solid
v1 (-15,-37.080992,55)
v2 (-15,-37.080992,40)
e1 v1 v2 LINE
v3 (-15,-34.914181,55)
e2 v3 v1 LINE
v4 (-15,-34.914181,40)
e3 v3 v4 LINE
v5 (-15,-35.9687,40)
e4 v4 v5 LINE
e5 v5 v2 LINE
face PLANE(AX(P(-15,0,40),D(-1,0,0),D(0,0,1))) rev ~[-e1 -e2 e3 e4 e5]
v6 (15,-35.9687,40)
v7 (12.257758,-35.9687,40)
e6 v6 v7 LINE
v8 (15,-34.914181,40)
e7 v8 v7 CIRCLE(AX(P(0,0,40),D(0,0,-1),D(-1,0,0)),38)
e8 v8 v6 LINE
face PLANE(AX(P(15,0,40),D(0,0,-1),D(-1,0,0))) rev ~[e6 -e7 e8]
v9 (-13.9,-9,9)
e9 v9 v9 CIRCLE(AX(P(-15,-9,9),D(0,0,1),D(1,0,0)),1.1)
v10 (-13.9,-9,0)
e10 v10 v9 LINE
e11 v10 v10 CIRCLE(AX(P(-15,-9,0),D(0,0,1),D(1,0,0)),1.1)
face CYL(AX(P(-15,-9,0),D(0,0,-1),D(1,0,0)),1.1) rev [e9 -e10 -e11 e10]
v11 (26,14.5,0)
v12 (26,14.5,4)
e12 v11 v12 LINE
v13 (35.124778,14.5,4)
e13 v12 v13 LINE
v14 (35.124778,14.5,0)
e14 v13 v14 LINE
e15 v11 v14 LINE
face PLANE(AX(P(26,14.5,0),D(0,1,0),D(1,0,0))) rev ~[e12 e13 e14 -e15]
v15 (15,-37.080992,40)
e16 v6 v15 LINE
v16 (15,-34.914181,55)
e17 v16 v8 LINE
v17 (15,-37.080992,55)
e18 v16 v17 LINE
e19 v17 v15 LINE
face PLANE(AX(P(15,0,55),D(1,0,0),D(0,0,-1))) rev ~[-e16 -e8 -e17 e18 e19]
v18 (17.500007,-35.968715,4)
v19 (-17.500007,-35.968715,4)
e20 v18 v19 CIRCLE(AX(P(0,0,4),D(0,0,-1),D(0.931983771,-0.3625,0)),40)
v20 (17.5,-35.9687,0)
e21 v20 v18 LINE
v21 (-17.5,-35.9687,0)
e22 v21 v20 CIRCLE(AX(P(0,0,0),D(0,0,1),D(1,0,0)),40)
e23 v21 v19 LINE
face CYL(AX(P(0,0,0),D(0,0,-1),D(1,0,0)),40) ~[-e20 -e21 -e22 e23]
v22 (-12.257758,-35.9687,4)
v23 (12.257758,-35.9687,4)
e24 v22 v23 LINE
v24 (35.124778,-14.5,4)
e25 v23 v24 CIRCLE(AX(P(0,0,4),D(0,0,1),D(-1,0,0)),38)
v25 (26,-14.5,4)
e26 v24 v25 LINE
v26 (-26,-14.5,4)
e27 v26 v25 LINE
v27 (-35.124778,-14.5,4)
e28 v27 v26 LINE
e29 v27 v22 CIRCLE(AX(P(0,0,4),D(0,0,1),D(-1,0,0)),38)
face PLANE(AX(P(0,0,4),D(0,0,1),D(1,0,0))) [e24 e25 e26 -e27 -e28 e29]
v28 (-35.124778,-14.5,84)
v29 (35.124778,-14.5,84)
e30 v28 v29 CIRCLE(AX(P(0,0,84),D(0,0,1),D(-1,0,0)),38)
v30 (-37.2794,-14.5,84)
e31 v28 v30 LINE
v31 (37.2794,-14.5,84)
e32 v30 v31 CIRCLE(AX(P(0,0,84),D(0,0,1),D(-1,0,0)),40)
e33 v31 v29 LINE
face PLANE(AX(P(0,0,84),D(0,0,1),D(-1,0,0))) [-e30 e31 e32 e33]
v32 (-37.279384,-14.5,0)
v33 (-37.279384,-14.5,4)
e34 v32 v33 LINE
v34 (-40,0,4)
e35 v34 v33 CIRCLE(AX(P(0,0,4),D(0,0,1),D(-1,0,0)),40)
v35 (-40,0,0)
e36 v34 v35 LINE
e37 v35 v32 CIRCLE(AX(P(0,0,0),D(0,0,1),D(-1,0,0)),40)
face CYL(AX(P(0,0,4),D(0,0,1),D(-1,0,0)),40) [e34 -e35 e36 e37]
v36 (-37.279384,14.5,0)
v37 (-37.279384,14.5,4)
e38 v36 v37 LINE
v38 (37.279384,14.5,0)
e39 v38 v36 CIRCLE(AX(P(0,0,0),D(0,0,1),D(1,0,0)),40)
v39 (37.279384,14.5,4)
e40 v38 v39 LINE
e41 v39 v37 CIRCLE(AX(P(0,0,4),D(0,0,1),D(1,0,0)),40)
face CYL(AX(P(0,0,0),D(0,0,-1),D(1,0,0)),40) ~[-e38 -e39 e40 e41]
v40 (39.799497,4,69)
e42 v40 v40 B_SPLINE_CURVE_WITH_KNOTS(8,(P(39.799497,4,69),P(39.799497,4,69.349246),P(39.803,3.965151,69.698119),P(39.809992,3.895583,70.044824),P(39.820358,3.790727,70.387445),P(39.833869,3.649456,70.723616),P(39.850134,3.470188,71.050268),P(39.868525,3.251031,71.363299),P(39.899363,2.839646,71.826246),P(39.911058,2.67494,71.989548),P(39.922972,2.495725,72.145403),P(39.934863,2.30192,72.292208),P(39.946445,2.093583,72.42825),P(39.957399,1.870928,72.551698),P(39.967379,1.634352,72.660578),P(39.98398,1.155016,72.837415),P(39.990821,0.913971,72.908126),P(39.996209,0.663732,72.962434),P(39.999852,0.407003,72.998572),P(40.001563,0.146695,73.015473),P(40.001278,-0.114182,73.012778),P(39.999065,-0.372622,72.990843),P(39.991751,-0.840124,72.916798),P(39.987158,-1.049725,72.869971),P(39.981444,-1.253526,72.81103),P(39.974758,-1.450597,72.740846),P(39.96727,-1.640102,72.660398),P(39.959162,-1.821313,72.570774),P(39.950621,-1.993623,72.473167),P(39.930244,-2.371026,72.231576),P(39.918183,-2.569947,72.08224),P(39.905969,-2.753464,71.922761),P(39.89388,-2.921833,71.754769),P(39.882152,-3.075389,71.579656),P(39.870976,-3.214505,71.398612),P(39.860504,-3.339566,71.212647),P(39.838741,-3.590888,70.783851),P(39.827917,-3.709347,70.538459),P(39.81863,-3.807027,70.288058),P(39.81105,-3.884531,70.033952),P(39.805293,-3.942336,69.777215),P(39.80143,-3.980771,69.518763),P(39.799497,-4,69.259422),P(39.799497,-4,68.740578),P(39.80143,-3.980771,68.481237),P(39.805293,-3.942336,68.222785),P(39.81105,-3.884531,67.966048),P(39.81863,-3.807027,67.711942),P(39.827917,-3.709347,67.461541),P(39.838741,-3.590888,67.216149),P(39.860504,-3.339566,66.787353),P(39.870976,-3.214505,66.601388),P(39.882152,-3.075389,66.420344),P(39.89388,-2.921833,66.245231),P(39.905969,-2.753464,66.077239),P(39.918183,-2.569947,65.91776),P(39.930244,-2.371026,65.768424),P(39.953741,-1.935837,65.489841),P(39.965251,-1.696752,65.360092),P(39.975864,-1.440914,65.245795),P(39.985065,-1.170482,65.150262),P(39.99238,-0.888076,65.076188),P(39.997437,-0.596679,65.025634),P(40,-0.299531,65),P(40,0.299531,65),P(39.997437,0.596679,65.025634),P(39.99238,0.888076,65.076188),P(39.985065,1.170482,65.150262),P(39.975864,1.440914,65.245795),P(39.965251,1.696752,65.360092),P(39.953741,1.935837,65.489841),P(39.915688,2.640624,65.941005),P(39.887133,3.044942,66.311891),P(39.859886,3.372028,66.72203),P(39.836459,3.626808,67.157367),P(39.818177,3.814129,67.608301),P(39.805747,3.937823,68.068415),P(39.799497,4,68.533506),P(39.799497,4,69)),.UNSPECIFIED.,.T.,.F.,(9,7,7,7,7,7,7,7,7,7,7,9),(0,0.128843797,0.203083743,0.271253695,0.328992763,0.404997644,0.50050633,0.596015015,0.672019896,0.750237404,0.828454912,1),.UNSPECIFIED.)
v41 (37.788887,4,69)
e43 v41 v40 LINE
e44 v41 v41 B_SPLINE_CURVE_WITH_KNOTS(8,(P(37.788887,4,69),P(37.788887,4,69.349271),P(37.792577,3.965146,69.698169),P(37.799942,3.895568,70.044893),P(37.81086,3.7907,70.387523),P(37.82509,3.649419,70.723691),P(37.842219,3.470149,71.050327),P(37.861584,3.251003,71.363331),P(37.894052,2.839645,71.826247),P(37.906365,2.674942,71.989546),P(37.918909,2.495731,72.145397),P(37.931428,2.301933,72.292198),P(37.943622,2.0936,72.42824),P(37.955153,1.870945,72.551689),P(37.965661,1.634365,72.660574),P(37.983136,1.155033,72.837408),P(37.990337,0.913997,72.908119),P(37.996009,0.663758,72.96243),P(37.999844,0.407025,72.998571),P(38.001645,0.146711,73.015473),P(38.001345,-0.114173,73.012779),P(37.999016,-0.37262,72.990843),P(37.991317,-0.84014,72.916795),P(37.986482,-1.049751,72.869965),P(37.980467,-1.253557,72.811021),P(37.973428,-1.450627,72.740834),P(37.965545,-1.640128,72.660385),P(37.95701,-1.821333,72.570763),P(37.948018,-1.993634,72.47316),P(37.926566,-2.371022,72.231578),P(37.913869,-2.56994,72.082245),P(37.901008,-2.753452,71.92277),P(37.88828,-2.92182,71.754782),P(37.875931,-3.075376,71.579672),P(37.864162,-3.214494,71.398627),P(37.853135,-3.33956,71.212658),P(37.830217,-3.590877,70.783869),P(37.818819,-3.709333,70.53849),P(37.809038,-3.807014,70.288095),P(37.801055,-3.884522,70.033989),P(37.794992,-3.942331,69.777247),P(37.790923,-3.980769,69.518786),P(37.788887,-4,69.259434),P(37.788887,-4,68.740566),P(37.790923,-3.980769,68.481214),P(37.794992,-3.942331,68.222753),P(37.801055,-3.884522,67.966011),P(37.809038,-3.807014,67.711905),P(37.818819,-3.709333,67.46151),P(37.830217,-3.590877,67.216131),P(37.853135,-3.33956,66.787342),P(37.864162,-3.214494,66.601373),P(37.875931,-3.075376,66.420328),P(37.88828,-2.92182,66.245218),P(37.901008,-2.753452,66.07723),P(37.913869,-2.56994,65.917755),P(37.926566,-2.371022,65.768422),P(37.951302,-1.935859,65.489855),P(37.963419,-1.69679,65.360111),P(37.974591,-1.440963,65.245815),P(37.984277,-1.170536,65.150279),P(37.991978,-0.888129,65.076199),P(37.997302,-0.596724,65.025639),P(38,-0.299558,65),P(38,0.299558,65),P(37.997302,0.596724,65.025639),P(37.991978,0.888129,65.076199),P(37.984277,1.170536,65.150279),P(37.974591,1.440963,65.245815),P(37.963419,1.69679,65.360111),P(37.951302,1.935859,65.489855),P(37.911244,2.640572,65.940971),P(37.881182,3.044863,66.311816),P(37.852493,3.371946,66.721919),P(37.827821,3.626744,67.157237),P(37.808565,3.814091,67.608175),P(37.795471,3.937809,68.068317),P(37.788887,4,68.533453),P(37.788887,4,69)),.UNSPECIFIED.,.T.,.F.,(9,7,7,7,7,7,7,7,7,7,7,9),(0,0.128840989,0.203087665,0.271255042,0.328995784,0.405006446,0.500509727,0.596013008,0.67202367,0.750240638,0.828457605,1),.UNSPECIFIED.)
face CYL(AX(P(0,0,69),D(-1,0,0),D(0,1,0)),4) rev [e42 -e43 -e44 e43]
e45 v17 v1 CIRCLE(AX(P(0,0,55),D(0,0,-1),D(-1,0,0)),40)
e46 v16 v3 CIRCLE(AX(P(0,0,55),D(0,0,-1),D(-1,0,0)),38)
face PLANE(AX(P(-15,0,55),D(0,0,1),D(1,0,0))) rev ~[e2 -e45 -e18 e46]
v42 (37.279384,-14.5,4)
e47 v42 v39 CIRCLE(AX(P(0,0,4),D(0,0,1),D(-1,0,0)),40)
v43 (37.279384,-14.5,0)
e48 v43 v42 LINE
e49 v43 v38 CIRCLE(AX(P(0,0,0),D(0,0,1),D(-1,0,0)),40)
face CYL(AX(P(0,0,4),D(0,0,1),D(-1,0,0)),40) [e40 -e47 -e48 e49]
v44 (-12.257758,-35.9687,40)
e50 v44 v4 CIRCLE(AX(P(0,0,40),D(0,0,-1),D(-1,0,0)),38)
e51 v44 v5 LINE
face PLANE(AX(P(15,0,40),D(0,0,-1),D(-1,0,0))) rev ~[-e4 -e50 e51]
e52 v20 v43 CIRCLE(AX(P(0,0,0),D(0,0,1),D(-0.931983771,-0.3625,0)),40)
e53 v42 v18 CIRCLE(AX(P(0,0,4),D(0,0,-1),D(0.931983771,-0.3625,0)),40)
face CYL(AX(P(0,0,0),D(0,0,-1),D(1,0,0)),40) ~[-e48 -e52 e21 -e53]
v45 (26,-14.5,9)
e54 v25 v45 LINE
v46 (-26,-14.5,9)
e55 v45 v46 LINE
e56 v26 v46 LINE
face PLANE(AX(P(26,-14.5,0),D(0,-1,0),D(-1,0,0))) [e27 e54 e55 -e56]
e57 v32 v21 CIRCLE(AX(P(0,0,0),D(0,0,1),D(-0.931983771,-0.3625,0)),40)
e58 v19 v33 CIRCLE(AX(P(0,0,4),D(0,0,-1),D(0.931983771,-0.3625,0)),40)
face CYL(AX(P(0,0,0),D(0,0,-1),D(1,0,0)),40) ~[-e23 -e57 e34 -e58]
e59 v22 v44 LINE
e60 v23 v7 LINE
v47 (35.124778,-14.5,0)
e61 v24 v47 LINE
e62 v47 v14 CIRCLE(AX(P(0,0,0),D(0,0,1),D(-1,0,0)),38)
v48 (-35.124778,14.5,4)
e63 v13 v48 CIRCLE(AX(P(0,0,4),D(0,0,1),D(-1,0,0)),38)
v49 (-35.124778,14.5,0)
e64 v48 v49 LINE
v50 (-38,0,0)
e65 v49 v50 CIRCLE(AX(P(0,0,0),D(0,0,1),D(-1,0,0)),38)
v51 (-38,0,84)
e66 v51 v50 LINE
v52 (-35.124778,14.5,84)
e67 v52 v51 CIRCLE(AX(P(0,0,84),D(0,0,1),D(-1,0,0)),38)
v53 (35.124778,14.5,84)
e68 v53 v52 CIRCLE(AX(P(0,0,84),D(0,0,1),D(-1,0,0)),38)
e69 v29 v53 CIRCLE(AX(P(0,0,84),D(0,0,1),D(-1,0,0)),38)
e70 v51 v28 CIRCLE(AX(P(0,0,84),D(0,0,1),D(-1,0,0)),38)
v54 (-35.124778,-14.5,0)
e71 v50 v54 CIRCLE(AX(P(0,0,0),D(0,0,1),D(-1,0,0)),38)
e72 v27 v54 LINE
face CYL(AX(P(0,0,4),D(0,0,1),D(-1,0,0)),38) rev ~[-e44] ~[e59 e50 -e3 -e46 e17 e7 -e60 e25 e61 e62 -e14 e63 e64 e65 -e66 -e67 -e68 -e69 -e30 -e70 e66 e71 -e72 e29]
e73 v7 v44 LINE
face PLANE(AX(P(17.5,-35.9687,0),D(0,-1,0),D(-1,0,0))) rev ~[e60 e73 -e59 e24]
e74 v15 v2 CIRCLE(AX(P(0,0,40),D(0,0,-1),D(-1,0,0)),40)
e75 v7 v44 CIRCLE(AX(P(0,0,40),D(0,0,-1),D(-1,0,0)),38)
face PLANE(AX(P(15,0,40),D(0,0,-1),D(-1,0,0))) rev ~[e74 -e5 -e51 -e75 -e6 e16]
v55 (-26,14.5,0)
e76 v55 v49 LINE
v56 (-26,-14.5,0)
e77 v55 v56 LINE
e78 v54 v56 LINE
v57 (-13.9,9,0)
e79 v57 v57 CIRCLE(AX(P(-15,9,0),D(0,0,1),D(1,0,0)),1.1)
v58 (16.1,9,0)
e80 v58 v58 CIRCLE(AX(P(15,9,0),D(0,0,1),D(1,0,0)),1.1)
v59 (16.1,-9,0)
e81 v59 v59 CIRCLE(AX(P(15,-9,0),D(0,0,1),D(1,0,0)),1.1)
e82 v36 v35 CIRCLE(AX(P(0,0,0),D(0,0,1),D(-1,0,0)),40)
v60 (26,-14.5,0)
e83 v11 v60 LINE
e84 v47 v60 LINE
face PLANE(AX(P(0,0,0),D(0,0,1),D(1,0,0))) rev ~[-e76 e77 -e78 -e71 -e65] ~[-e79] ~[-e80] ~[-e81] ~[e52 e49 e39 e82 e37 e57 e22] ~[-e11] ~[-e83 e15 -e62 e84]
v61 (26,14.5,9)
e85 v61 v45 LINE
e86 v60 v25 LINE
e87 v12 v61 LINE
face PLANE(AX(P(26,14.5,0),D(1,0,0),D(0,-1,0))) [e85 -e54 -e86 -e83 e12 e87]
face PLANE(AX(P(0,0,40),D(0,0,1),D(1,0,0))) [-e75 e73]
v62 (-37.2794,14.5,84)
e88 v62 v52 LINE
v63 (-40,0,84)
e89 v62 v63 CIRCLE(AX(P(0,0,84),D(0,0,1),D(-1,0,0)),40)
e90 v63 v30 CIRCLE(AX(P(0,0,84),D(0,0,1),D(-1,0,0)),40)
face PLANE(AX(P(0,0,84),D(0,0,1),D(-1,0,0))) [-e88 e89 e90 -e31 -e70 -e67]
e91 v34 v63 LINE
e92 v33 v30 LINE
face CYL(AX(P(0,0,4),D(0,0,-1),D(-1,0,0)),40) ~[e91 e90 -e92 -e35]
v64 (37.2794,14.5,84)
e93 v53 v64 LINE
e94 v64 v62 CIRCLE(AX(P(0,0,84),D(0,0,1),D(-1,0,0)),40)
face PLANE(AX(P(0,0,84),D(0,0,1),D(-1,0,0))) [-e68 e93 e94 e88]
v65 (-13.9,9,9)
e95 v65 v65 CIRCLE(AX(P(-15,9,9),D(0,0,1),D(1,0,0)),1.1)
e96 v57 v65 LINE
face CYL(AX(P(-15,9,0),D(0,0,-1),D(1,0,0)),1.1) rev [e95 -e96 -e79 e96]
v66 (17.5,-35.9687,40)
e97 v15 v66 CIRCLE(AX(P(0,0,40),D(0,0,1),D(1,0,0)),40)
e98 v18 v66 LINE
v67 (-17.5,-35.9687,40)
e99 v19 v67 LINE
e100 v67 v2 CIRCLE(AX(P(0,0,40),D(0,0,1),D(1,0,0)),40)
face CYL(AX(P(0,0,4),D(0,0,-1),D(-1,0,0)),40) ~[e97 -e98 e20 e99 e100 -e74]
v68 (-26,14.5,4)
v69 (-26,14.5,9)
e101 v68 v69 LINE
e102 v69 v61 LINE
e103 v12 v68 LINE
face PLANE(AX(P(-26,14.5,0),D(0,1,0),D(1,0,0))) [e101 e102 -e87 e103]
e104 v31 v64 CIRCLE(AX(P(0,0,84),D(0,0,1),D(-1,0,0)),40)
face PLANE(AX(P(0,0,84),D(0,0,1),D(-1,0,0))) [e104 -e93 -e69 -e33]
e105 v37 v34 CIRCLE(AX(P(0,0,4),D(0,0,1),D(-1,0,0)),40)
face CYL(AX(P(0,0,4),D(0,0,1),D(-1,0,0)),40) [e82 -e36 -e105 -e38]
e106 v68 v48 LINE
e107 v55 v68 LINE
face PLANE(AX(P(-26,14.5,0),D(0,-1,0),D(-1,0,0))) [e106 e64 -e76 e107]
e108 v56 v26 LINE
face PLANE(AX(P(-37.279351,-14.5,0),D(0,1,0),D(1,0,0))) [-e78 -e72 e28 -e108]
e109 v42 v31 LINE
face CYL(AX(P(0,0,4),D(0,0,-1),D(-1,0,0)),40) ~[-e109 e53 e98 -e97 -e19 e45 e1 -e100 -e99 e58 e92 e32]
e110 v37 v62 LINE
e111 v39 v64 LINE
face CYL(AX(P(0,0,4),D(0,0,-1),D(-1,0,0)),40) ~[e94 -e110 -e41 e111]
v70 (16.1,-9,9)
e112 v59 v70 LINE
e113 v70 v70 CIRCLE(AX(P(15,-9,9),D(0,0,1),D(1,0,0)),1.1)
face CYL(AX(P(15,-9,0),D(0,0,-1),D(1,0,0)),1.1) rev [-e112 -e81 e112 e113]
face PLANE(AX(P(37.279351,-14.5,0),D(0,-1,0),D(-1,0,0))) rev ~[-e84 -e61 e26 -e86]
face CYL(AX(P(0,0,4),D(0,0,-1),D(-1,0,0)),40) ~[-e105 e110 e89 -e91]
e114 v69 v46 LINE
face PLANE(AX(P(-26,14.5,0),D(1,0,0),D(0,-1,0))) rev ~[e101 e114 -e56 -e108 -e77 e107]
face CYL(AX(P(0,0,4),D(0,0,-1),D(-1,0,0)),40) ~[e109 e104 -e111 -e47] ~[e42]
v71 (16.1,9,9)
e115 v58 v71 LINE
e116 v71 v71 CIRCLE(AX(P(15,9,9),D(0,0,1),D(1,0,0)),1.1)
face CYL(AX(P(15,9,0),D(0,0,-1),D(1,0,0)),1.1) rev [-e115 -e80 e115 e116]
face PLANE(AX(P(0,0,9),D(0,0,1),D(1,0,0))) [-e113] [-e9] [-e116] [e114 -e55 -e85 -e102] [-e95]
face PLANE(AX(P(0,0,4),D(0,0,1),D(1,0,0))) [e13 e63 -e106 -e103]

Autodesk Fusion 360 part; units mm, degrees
sketch "Sketch1" plane through (0, 0, 0) normal (0, 0, 1) x (1, 0, 0)
  circle A0 centre (0, 0) radius 40
  line L0 (0, 40) -> (0, -40) construction
  circle A1 centre (0, 0) radius 43
  line L1 (-26, 14.5) -> (-26, -14.5)
  line L2 (-40.4815, -14.5) -> (-26, -14.5)
  line L3 (-26, 14.5) -> (-40.4815, 14.5)
  line L4 (40, 0) -> (-40, 0) construction
  line L5 (26, 14.5) -> (40.4815, 14.5)
  line L6 (26, 14.5) -> (26, -14.5)
  line L7 (40.4815, -14.5) -> (26, -14.5)
  circle A2 centre (15, -9) radius 1.1
  circle A3 centre (15, 9) radius 1.1
  circle A4 centre (-15, -9) radius 1.1
  circle A5 centre (-15, 9) radius 1.1
  line L8 (-26, 14.5) -> (26, 14.5)
  line L9 (26, -14.5) -> (-26, -14.5)
  line L10 (17.5, -35.9687) -> (-17.5, -35.9687)
  dimension "d1" = 80
  dimension "d39" = 3
  dimension "d40" = 29
  dimension "d41" = 14
  dimension "d49" = 2.2
  dimension "d50" = 9
  dimension "d51" = 15
  dimension "d52" = 11
  dimension "d69" = 35
extrude "Extrude1" add sketch "Sketch1" along normal blind 4 contours A0 L10 | A0 L2 L7 L9 L10 | A0 L3 L5 L8 | L1 L6 L8 L9
sketch "Sketch3" plane through (0, 0, 4) normal (0, 0, 1) x (-1, 0, 0)
  circle A0 centre (0, 0) radius 38
  circle A1 centre (0, 0) radius 40
  line L0 (37.2794, -14.5) -> (26, -14.5)
  line L1 (26, -14.5) -> (26, 14.5)
  line L2 (26, 14.5) -> (37.2794, 14.5)
  line L3 (-26, 14.5) -> (-26, -14.5)
  line L4 (-26, -14.5) -> (-37.2794, -14.5)
  line L5 (-37.2794, 14.5) -> (-26, 14.5)
  circle A2 centre (-15, 9) radius 1.1
  circle A3 centre (15, -9) radius 1.1
  circle A4 centre (-15, -9) radius 1.1
  circle A5 centre (15, 9) radius 1.1
  arc A6 (-37.2794, -14.5) -> (37.2794, -14.5) centre (0, 0) ccw
  arc A7 (37.2794, 14.5) -> (-37.2794, 14.5) centre (0, 0) ccw
  dimension "d20" = 76
  dimension "d21" = 80
extrude "Extrude7" add sketch "Sketch3" along normal blind 80 and the other way blind 4 contours A0 A1 L0 L2 | A0 A1 L2 L5 A7 | A0 A1 L0 L4 A6 | A0 A1 L4 L5
extrude "Extrude12" add sketch "Sketch1" along normal blind 9 contours L1 L6 L8 L9
sketch "Sketch7" plane through (0, 0, 0) normal (0, 1, 0) x (1, 0, 0)
  line L0 (-15, -55) -> (15, -55)
  line L1 (15, -55) -> (15, -40)
  line L2 (15, -40) -> (-15, -40)
  line L3 (-15, -40) -> (-15, -55)
  line L4 (0, 0) -> (0, -80) construction
  line L5 (15, -40) -> (-15, -40)
  line L6 (-15, -40) -> (-15, -37)
  line L7 (-15, -37) -> (15, -37)
  line L8 (15, -37) -> (15, -40)
  dimension "d63" = 30
  dimension "d64" = 15
  dimension "d65" = 80
  dimension "d68" = 3
extrude "Extrude14" cut sketch "Sketch7" against normal blind 60 contours L0 L1 L2 L3 L5
extrude "Extrude15" add sketch "Sketch1" along normal blind 40 contours A0 L10
sketch "Sketch8" plane through (0, 0, 0) normal (1, 0, 0) x (0, 1, 0)
  circle A0 centre (0, 69) radius 4
  line L0 (40, 84) -> (-40, 84)
  dimension "d72" = 8
  dimension "d73" = 15
extrude "Extrude16" cut sketch "Sketch8" along normal blind 100
